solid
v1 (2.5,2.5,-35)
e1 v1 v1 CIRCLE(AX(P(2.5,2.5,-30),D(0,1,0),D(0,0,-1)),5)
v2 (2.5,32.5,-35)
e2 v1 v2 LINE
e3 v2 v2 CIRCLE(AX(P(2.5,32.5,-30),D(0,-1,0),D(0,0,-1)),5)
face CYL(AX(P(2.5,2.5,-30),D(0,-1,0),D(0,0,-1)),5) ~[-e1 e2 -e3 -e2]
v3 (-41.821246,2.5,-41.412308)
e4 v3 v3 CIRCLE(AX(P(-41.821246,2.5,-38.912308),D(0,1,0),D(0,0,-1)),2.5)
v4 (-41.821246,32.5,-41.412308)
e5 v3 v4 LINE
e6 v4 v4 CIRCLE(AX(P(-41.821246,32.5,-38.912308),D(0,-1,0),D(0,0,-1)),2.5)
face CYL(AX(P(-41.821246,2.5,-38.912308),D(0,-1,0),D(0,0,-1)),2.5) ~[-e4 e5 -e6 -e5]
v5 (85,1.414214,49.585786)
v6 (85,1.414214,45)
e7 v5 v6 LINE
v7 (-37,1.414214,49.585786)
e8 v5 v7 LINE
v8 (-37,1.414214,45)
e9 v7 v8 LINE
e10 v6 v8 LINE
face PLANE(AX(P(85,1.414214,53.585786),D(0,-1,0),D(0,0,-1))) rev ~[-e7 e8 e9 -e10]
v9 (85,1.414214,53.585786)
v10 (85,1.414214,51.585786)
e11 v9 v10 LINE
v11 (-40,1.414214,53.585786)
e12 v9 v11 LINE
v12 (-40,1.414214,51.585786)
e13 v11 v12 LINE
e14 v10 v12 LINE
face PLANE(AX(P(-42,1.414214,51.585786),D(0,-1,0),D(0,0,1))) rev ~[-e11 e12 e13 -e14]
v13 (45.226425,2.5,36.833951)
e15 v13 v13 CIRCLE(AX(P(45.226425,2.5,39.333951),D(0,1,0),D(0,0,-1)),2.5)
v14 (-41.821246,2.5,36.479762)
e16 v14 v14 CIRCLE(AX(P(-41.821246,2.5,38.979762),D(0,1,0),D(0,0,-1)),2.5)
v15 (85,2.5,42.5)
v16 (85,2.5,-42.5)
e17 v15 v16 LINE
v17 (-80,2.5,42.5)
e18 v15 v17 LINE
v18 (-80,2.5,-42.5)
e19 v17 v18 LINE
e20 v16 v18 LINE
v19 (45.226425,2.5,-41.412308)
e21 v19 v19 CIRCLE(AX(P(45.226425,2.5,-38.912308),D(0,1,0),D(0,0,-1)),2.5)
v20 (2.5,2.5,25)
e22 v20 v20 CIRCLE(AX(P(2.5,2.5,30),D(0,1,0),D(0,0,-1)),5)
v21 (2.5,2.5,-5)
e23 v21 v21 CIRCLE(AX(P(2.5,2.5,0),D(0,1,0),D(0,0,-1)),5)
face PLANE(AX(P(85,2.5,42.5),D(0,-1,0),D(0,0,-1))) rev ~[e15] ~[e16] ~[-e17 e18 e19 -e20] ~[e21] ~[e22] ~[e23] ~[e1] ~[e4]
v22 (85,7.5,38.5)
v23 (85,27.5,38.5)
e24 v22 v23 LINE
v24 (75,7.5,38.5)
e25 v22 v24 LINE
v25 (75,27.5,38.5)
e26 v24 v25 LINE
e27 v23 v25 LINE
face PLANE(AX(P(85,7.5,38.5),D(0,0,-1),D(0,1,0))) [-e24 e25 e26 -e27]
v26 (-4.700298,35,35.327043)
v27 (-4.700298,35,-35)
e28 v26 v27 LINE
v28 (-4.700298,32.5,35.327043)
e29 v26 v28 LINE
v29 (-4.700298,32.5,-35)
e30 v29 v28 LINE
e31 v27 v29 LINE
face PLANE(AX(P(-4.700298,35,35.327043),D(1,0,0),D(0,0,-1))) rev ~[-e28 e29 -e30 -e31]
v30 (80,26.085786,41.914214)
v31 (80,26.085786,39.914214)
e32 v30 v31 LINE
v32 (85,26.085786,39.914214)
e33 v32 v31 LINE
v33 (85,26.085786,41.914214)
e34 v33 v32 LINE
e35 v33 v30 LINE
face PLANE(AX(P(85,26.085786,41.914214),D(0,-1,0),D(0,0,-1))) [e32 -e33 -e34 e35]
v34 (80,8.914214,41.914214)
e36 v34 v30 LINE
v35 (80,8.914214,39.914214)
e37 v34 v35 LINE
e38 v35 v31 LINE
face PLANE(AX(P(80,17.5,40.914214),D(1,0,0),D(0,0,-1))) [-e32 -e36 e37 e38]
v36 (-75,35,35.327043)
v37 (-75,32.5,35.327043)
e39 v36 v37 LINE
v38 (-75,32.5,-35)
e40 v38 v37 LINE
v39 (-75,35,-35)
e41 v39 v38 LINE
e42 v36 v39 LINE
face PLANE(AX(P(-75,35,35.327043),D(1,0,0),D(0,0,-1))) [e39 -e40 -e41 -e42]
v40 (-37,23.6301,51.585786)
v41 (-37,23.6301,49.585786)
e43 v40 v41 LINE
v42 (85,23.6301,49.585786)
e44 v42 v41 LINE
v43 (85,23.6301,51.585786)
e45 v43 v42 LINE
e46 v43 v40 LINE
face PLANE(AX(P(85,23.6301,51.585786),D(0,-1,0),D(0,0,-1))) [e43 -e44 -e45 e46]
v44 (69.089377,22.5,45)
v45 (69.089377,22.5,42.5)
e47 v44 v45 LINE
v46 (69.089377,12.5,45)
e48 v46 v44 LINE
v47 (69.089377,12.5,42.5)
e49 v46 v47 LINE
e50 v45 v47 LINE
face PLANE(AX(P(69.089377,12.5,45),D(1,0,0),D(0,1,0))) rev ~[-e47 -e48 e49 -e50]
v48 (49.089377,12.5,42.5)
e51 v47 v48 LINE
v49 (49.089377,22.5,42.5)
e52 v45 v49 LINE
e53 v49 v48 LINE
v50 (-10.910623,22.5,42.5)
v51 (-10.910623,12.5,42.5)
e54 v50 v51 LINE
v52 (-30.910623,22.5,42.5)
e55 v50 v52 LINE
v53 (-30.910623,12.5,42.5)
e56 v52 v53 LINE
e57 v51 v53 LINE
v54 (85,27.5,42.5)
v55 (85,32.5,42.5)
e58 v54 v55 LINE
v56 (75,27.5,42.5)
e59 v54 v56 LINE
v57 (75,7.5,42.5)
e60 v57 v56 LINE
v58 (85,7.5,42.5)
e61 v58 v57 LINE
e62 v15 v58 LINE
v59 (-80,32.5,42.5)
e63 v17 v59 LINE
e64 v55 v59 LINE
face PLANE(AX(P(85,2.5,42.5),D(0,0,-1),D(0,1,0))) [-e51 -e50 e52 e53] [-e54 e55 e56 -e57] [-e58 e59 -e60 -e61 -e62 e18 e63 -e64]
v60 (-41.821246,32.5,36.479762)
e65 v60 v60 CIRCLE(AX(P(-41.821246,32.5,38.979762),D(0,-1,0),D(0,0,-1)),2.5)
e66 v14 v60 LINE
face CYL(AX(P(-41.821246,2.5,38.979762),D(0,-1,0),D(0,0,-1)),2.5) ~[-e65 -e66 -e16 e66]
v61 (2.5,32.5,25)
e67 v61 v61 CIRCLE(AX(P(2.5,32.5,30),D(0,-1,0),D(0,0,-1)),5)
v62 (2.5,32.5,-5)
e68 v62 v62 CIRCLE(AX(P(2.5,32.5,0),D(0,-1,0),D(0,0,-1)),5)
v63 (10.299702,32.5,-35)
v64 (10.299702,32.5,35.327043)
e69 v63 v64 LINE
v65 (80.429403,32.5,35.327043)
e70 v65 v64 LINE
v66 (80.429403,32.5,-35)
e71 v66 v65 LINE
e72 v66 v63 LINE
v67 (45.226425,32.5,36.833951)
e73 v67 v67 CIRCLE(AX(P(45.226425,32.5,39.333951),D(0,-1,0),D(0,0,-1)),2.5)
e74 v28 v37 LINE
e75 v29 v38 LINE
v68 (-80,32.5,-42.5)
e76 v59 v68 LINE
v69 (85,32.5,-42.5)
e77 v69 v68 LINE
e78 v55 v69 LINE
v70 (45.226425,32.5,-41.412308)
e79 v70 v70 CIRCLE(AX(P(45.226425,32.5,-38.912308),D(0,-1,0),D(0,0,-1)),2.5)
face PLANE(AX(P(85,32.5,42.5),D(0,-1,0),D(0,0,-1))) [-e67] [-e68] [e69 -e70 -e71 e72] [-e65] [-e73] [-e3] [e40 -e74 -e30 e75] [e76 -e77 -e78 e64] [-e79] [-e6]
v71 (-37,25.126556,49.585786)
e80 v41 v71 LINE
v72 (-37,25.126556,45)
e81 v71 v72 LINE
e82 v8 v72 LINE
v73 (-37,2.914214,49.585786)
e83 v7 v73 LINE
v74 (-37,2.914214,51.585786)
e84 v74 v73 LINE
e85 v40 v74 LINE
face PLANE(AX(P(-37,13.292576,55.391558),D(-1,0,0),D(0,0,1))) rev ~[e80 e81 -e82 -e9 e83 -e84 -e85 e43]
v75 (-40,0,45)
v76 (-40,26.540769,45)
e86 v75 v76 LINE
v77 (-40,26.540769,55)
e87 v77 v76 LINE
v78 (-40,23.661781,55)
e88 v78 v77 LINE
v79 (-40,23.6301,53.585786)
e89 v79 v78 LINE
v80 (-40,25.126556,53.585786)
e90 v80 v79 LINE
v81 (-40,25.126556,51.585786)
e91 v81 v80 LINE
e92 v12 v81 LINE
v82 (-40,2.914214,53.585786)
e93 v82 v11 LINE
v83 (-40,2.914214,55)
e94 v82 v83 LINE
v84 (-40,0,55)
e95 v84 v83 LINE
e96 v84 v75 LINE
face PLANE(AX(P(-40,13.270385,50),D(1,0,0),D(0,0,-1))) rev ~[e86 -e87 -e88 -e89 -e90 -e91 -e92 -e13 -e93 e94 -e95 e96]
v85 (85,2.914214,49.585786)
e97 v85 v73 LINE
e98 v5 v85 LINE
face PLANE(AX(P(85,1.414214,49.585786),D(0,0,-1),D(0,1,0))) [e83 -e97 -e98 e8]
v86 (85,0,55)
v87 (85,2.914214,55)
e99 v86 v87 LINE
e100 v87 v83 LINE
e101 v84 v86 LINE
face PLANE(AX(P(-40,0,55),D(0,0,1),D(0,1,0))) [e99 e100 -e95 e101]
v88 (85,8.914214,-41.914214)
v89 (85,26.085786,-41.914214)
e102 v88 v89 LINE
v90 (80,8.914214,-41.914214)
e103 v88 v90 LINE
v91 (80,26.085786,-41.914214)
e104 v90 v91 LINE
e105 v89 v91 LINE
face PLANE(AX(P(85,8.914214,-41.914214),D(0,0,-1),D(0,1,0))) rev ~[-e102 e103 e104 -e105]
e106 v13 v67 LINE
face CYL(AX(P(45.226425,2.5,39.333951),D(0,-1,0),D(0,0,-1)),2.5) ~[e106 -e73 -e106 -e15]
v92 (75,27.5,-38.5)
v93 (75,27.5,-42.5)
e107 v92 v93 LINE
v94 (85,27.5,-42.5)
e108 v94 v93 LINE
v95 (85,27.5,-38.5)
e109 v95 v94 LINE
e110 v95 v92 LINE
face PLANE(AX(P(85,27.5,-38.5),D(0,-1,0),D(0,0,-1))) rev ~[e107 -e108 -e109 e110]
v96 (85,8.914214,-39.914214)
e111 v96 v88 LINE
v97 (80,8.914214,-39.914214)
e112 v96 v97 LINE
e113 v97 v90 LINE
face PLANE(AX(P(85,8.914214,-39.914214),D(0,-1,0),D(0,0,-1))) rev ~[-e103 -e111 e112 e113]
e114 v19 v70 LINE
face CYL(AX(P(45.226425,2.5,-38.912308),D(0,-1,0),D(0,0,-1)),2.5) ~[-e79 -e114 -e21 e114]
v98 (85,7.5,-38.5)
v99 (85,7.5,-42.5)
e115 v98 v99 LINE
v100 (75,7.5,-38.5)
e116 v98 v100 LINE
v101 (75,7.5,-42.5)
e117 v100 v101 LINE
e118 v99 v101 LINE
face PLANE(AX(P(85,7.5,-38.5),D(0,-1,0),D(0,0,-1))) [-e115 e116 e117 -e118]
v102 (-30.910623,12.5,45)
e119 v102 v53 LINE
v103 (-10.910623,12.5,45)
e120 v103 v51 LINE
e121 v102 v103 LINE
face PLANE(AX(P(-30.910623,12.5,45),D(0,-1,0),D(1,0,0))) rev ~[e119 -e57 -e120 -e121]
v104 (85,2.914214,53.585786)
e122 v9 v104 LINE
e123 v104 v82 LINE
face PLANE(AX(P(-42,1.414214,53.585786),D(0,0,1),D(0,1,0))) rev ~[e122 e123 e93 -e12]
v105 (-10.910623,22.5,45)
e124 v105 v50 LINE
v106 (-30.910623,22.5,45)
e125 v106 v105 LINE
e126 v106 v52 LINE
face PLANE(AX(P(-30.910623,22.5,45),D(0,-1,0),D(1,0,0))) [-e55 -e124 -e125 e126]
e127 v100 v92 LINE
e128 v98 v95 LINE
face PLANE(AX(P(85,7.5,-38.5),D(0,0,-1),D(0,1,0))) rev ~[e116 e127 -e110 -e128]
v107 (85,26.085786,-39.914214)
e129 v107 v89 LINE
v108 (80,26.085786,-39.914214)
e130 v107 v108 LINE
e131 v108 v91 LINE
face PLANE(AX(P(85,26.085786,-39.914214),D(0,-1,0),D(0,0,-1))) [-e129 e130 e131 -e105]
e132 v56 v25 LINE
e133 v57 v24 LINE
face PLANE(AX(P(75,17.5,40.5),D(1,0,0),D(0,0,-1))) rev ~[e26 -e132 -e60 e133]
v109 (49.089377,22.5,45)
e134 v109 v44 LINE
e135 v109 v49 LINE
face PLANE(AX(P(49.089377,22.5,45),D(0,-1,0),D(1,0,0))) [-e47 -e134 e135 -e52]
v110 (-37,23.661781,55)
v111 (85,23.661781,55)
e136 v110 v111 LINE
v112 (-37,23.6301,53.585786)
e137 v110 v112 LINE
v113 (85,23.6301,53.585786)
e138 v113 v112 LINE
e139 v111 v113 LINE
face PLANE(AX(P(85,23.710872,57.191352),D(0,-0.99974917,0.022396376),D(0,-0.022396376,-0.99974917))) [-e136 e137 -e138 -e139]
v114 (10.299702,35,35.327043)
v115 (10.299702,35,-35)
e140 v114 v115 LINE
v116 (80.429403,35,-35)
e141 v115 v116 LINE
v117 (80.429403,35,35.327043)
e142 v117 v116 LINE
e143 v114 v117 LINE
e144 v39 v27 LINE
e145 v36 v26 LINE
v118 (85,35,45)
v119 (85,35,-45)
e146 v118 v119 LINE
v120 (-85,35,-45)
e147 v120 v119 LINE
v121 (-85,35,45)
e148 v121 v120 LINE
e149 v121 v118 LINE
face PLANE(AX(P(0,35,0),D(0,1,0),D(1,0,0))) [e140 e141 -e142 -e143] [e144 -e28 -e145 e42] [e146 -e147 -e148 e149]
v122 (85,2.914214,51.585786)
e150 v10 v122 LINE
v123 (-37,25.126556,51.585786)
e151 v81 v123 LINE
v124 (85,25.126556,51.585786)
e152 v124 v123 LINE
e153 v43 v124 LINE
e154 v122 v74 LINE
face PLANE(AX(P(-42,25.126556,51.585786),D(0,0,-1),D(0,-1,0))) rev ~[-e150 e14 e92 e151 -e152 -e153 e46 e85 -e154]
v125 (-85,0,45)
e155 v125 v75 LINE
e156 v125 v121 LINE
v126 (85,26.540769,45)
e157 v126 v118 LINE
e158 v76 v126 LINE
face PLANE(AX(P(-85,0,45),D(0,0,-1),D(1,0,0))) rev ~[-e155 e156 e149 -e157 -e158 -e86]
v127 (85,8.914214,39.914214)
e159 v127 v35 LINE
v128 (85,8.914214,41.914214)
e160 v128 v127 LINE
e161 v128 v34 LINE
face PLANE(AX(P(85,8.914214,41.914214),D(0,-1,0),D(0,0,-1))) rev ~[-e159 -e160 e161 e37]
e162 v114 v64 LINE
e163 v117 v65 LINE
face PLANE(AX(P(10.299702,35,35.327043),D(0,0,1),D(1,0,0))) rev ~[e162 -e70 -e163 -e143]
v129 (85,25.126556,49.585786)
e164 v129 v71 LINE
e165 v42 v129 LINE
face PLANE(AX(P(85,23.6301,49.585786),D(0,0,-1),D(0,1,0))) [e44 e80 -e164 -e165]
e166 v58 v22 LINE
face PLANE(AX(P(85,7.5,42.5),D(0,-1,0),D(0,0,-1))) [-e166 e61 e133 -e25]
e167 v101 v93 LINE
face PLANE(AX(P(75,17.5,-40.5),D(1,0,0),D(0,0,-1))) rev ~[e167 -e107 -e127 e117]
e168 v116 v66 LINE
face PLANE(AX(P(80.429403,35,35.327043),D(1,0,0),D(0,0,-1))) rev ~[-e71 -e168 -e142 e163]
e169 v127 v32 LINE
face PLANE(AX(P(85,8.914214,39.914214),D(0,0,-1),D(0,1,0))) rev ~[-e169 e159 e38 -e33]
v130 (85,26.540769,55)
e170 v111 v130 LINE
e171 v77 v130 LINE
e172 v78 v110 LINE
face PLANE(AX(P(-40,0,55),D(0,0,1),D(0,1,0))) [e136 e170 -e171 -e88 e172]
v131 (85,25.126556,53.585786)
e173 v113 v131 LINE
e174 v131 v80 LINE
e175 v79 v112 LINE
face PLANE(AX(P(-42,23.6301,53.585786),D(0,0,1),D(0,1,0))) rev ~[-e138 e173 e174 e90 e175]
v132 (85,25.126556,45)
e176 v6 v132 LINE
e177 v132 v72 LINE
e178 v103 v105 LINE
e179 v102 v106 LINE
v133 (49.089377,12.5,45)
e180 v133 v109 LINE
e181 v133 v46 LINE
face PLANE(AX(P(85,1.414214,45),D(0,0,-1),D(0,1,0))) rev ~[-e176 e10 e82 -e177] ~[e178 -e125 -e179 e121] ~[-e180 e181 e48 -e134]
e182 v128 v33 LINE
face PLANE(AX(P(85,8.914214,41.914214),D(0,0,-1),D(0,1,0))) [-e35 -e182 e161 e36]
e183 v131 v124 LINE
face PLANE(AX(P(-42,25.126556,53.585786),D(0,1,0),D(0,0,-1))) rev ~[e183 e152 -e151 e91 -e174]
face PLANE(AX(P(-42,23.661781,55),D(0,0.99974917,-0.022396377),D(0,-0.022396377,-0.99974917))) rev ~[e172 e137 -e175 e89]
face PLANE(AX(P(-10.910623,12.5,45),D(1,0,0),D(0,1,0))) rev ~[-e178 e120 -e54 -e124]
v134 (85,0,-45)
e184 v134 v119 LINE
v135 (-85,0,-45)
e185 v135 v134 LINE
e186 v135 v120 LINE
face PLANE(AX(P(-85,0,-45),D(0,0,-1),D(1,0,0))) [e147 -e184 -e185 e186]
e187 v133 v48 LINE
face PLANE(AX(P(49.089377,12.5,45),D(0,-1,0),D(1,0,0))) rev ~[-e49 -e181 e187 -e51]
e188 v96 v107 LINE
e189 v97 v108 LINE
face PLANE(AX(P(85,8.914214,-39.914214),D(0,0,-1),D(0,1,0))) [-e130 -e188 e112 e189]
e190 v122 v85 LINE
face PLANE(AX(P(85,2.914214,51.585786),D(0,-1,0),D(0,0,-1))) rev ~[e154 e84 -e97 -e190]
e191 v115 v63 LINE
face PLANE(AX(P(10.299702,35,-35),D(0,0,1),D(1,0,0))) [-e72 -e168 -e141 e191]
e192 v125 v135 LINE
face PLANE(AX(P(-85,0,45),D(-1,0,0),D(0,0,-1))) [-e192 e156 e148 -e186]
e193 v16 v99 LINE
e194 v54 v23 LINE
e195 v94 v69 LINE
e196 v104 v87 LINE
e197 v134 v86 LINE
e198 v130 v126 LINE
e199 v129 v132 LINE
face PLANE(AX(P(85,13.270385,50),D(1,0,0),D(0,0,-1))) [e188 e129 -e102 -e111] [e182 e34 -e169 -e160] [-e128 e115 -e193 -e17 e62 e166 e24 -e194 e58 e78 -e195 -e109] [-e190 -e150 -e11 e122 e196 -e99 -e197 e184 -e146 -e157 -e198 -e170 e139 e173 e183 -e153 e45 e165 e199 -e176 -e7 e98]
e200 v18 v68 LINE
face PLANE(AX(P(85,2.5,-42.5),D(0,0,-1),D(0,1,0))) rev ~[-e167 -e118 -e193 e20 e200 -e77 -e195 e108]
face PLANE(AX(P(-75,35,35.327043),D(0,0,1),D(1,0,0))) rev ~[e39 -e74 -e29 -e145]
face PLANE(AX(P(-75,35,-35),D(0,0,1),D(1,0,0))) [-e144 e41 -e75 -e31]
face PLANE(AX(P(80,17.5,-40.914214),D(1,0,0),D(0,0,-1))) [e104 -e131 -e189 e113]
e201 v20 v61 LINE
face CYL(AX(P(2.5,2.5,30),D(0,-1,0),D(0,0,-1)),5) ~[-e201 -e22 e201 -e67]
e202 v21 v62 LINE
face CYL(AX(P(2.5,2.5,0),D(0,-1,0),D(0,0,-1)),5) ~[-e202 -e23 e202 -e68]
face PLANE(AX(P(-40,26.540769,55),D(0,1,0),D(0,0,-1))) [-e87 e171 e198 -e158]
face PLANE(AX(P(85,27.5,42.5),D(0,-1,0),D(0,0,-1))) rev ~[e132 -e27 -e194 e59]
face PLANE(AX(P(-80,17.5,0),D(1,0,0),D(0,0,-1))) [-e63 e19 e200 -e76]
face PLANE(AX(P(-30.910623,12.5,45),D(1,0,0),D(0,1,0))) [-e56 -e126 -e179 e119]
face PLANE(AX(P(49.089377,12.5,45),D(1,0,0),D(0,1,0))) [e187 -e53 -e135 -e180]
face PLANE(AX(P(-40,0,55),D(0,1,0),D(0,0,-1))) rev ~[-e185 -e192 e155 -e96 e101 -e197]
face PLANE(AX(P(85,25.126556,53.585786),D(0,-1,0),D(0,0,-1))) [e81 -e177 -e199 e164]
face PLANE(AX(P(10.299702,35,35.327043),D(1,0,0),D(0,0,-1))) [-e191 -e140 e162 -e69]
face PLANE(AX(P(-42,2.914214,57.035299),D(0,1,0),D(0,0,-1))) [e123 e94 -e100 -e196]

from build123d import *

# Parameters (mm, degrees)
SKETCH_1_W               = 170
SKETCH_1_H               = 90
EXTRUDE_1_DEPTH          = 35
SKETCH_2_W               = 85
SKETCH_2_H               = 30
CUT_EXTRUDE_1_DEPTH      = 165
SKETCH_3_W               = 70.129701139
SKETCH_3_H               = 70.327043484
SKETCH_3_W_2             = 70.299701721
CUT_EXTRUDE_2_DEPTH      = 10
SKETCH_7_W               = 20
SKETCH_7_H               = 10
CUT_EXTRUDE_3_DEPTH      = 10
EXTRUDE_2_DEPTH          = 85
EXTRUDE_2_DEPTH_BACK     = 40
SKETCH_8_W               = 10
SKETCH_8_H               = 26.54076927
SKETCH_9_W               = 8.585786438
SKETCH_9_H               = 23.712342146
CUT_EXTRUDE_4_DEPTH      = 122
CUT_EXTRUDE_5_DEPTH      = 122
SKETCH_11_W              = 2
SKETCH_11_H              = 1.496455469
SKETCH_11_H_2            = 1.5
EXTRUDE_3_DEPTH          = 122
SKETCH_13_W              = 4
SKETCH_13_H              = 20
EXTRUDE_4_DEPTH          = 10
SKETCH_14_W              = 2
SKETCH_14_H              = 17.171572876
CUT_EXTRUDE_6_DEPTH      = 5
CUT_EXTRUDE_7_DEPTH      = 139.325702601
CUT_EXTRUDE_7_DEPTH_BACK = 5
SKETCH_16_R              = 2.5
SKETCH_16_R_2            = 5
EXTRUDE_5_DEPTH          = 32


with BuildPart() as part:
    # Эскиз1 → Бобышка-Вытянуть1 (new body)
    with BuildSketch(Plane(origin=(0, 0, 0), x_dir=(1, 0, 0), z_dir=(0, 1, 0))):
        Rectangle(SKETCH_1_W, SKETCH_1_H)
    extrude(amount=EXTRUDE_1_DEPTH)

    # Эскиз2 → Вырез-Вытянуть1 (cut)
    with BuildSketch(Plane(origin=(85, 0, 0), x_dir=(0, 0, -1), z_dir=(1, 0, 0))):
        with Locations((0, 17.5)):
            Rectangle(SKETCH_2_W, SKETCH_2_H)
    extrude(amount=-CUT_EXTRUDE_1_DEPTH, mode=Mode.SUBTRACT)

    # Эскиз3 → Вырез-Вытянуть2 (cut)
    with BuildSketch(Plane(origin=(0, 35, 0), x_dir=(1, 0, 0), z_dir=(0, 1, 0))):
        with Locations((45.364552291, -0.163521742)):
            Rectangle(SKETCH_3_W, SKETCH_3_H)
        with Locations((-39.850149139, -0.163521742)):
            Rectangle(SKETCH_3_W_2, SKETCH_3_H)
    extrude(amount=-CUT_EXTRUDE_2_DEPTH, mode=Mode.SUBTRACT)

    # Эскиз7 → Вырез-Вытянуть3 (cut)
    with BuildSketch(Plane.XY.offset(45)):
        with Locations((59.089377198, 17.5)):
            Rectangle(SKETCH_7_W, SKETCH_7_H)
        with Locations((-20.910622802, 17.5)):
            Rectangle(SKETCH_7_W, SKETCH_7_H)
    extrude(amount=-CUT_EXTRUDE_3_DEPTH, mode=Mode.SUBTRACT)

    # Эскиз8 → Бобышка-Вытянуть2 (add, two sides: drawn at the far end of the back side and taken through both)
    with BuildSketch(Plane(origin=(0, 0, 0), x_dir=(0, 0, -1), z_dir=(1, 0, 0)).offset(-EXTRUDE_2_DEPTH_BACK)):
        with Locations((-50, 13.270384635)):
            Rectangle(SKETCH_8_W, SKETCH_8_H)
    extrude(amount=EXTRUDE_2_DEPTH + EXTRUDE_2_DEPTH_BACK)

    # Эскиз9 → Вырез-Вытянуть4 (cut)
    with BuildSketch(Plane(origin=(85, 0, 0), x_dir=(0, 0, -1), z_dir=(1, 0, 0))):
        with Locations((-49.292893219, 13.270384635)):
            Rectangle(SKETCH_9_W, SKETCH_9_H)
    extrude(amount=-CUT_EXTRUDE_4_DEPTH, mode=Mode.SUBTRACT)

    # Эскиз10 → Вырез-Вытянуть5 (cut)
    with BuildSketch(Plane(origin=(85, 0, 0), x_dir=(0, 0, -1), z_dir=(1, 0, 0))):
        Polygon((-53.585786438, 2.914213562), (-57.191351612, 2.914213562), (-57.191351612, 23.710872093), (-53.585786438, 23.630100239), align=None)
    extrude(amount=-CUT_EXTRUDE_5_DEPTH, mode=Mode.SUBTRACT)

    # Эскиз11 → Бобышка-Вытянуть3 (add)
    with BuildSketch(Plane(origin=(85, 0, 0), x_dir=(0, 0, -1), z_dir=(1, 0, 0))):
        with Locations((-50.585786438, 24.378327973)):
            Rectangle(SKETCH_11_W, SKETCH_11_H)
        with Locations((-50.585786438, 2.164213562)):
            Rectangle(SKETCH_11_W, SKETCH_11_H_2)
    extrude(amount=-EXTRUDE_3_DEPTH)

    # Эскиз13 → Бобышка-Вытянуть4 (add)
    with BuildSketch(Plane(origin=(85, 0, 0), x_dir=(0, 0, -1), z_dir=(1, 0, 0))):
        with Locations((40.5, 17.5)):
            Rectangle(SKETCH_13_W, SKETCH_13_H)
        with Locations((-40.5, 17.5)):
            Rectangle(SKETCH_13_W, SKETCH_13_H)
    extrude(amount=-EXTRUDE_4_DEPTH)

    # Эскиз14 → Вырез-Вытянуть6 (cut)
    with BuildSketch(Plane(origin=(85, 0, 0), x_dir=(0, 0, -1), z_dir=(1, 0, 0))):
        with Locations((-40.914213562, 17.5)):
            Rectangle(SKETCH_14_W, SKETCH_14_H)
        with Locations((40.914213562, 17.5)):
            Rectangle(SKETCH_14_W, SKETCH_14_H)
    extrude(amount=-CUT_EXTRUDE_6_DEPTH, mode=Mode.SUBTRACT)

    # Эскиз15 → Вырез-Вытянуть7 (cut, two sides: drawn at the far end of the back side and taken through both)
    with BuildSketch(Plane(origin=(-37, 0, 0), x_dir=(0, 0, -1), z_dir=(1, 0, 0)).offset(-CUT_EXTRUDE_7_DEPTH_BACK)):
        Polygon((-55, 23.661781445), (-53.585786438, 23.630100239), (-53.585786438, 25.126555708), (-51.585786438, 25.126555708), (-51.585786438, 1.414213562), (-53.585786438, 1.414213562), (-53.585786438, 2.914213562), (-55, 2.914213562), (-57.035298645, 2.914213562), (-57.035298645, 23.645940842), align=None)
    extrude(amount=CUT_EXTRUDE_7_DEPTH + CUT_EXTRUDE_7_DEPTH_BACK, mode=Mode.SUBTRACT)

    # Эскиз16 → Бобышка-Вытянуть5 (add)
    with BuildSketch(Plane(origin=(0, 2.5, 0), x_dir=(1, 0, 0), z_dir=(0, 1, 0))):
        with Locations(Location((-41.821245604, 38.912307884, 0), (0, 0, 90))):
            Circle(SKETCH_16_R)
        with Locations(Location((-41.821245604, -38.979762053, 0), (0, 0, 90))):
            Circle(SKETCH_16_R)
        with Locations(Location((2.5, 0, 0), (0, 0, 90))):
            Circle(SKETCH_16_R_2)
        with Locations(Location((45.226425125, 38.912307884, 0), (0, 0, 90))):
            Circle(SKETCH_16_R)
        with Locations(Location((45.226425125, -39.333951436, 0), (0, 0, 90))):
            Circle(SKETCH_16_R)
        with Locations(Location((2.5, 30, 0), (0, 0, 90))):
            Circle(SKETCH_16_R_2)
        with Locations(Location((2.5, -30, 0), (0, 0, 90))):
            Circle(SKETCH_16_R_2)
    extrude(amount=EXTRUDE_5_DEPTH)


solid = part.part
